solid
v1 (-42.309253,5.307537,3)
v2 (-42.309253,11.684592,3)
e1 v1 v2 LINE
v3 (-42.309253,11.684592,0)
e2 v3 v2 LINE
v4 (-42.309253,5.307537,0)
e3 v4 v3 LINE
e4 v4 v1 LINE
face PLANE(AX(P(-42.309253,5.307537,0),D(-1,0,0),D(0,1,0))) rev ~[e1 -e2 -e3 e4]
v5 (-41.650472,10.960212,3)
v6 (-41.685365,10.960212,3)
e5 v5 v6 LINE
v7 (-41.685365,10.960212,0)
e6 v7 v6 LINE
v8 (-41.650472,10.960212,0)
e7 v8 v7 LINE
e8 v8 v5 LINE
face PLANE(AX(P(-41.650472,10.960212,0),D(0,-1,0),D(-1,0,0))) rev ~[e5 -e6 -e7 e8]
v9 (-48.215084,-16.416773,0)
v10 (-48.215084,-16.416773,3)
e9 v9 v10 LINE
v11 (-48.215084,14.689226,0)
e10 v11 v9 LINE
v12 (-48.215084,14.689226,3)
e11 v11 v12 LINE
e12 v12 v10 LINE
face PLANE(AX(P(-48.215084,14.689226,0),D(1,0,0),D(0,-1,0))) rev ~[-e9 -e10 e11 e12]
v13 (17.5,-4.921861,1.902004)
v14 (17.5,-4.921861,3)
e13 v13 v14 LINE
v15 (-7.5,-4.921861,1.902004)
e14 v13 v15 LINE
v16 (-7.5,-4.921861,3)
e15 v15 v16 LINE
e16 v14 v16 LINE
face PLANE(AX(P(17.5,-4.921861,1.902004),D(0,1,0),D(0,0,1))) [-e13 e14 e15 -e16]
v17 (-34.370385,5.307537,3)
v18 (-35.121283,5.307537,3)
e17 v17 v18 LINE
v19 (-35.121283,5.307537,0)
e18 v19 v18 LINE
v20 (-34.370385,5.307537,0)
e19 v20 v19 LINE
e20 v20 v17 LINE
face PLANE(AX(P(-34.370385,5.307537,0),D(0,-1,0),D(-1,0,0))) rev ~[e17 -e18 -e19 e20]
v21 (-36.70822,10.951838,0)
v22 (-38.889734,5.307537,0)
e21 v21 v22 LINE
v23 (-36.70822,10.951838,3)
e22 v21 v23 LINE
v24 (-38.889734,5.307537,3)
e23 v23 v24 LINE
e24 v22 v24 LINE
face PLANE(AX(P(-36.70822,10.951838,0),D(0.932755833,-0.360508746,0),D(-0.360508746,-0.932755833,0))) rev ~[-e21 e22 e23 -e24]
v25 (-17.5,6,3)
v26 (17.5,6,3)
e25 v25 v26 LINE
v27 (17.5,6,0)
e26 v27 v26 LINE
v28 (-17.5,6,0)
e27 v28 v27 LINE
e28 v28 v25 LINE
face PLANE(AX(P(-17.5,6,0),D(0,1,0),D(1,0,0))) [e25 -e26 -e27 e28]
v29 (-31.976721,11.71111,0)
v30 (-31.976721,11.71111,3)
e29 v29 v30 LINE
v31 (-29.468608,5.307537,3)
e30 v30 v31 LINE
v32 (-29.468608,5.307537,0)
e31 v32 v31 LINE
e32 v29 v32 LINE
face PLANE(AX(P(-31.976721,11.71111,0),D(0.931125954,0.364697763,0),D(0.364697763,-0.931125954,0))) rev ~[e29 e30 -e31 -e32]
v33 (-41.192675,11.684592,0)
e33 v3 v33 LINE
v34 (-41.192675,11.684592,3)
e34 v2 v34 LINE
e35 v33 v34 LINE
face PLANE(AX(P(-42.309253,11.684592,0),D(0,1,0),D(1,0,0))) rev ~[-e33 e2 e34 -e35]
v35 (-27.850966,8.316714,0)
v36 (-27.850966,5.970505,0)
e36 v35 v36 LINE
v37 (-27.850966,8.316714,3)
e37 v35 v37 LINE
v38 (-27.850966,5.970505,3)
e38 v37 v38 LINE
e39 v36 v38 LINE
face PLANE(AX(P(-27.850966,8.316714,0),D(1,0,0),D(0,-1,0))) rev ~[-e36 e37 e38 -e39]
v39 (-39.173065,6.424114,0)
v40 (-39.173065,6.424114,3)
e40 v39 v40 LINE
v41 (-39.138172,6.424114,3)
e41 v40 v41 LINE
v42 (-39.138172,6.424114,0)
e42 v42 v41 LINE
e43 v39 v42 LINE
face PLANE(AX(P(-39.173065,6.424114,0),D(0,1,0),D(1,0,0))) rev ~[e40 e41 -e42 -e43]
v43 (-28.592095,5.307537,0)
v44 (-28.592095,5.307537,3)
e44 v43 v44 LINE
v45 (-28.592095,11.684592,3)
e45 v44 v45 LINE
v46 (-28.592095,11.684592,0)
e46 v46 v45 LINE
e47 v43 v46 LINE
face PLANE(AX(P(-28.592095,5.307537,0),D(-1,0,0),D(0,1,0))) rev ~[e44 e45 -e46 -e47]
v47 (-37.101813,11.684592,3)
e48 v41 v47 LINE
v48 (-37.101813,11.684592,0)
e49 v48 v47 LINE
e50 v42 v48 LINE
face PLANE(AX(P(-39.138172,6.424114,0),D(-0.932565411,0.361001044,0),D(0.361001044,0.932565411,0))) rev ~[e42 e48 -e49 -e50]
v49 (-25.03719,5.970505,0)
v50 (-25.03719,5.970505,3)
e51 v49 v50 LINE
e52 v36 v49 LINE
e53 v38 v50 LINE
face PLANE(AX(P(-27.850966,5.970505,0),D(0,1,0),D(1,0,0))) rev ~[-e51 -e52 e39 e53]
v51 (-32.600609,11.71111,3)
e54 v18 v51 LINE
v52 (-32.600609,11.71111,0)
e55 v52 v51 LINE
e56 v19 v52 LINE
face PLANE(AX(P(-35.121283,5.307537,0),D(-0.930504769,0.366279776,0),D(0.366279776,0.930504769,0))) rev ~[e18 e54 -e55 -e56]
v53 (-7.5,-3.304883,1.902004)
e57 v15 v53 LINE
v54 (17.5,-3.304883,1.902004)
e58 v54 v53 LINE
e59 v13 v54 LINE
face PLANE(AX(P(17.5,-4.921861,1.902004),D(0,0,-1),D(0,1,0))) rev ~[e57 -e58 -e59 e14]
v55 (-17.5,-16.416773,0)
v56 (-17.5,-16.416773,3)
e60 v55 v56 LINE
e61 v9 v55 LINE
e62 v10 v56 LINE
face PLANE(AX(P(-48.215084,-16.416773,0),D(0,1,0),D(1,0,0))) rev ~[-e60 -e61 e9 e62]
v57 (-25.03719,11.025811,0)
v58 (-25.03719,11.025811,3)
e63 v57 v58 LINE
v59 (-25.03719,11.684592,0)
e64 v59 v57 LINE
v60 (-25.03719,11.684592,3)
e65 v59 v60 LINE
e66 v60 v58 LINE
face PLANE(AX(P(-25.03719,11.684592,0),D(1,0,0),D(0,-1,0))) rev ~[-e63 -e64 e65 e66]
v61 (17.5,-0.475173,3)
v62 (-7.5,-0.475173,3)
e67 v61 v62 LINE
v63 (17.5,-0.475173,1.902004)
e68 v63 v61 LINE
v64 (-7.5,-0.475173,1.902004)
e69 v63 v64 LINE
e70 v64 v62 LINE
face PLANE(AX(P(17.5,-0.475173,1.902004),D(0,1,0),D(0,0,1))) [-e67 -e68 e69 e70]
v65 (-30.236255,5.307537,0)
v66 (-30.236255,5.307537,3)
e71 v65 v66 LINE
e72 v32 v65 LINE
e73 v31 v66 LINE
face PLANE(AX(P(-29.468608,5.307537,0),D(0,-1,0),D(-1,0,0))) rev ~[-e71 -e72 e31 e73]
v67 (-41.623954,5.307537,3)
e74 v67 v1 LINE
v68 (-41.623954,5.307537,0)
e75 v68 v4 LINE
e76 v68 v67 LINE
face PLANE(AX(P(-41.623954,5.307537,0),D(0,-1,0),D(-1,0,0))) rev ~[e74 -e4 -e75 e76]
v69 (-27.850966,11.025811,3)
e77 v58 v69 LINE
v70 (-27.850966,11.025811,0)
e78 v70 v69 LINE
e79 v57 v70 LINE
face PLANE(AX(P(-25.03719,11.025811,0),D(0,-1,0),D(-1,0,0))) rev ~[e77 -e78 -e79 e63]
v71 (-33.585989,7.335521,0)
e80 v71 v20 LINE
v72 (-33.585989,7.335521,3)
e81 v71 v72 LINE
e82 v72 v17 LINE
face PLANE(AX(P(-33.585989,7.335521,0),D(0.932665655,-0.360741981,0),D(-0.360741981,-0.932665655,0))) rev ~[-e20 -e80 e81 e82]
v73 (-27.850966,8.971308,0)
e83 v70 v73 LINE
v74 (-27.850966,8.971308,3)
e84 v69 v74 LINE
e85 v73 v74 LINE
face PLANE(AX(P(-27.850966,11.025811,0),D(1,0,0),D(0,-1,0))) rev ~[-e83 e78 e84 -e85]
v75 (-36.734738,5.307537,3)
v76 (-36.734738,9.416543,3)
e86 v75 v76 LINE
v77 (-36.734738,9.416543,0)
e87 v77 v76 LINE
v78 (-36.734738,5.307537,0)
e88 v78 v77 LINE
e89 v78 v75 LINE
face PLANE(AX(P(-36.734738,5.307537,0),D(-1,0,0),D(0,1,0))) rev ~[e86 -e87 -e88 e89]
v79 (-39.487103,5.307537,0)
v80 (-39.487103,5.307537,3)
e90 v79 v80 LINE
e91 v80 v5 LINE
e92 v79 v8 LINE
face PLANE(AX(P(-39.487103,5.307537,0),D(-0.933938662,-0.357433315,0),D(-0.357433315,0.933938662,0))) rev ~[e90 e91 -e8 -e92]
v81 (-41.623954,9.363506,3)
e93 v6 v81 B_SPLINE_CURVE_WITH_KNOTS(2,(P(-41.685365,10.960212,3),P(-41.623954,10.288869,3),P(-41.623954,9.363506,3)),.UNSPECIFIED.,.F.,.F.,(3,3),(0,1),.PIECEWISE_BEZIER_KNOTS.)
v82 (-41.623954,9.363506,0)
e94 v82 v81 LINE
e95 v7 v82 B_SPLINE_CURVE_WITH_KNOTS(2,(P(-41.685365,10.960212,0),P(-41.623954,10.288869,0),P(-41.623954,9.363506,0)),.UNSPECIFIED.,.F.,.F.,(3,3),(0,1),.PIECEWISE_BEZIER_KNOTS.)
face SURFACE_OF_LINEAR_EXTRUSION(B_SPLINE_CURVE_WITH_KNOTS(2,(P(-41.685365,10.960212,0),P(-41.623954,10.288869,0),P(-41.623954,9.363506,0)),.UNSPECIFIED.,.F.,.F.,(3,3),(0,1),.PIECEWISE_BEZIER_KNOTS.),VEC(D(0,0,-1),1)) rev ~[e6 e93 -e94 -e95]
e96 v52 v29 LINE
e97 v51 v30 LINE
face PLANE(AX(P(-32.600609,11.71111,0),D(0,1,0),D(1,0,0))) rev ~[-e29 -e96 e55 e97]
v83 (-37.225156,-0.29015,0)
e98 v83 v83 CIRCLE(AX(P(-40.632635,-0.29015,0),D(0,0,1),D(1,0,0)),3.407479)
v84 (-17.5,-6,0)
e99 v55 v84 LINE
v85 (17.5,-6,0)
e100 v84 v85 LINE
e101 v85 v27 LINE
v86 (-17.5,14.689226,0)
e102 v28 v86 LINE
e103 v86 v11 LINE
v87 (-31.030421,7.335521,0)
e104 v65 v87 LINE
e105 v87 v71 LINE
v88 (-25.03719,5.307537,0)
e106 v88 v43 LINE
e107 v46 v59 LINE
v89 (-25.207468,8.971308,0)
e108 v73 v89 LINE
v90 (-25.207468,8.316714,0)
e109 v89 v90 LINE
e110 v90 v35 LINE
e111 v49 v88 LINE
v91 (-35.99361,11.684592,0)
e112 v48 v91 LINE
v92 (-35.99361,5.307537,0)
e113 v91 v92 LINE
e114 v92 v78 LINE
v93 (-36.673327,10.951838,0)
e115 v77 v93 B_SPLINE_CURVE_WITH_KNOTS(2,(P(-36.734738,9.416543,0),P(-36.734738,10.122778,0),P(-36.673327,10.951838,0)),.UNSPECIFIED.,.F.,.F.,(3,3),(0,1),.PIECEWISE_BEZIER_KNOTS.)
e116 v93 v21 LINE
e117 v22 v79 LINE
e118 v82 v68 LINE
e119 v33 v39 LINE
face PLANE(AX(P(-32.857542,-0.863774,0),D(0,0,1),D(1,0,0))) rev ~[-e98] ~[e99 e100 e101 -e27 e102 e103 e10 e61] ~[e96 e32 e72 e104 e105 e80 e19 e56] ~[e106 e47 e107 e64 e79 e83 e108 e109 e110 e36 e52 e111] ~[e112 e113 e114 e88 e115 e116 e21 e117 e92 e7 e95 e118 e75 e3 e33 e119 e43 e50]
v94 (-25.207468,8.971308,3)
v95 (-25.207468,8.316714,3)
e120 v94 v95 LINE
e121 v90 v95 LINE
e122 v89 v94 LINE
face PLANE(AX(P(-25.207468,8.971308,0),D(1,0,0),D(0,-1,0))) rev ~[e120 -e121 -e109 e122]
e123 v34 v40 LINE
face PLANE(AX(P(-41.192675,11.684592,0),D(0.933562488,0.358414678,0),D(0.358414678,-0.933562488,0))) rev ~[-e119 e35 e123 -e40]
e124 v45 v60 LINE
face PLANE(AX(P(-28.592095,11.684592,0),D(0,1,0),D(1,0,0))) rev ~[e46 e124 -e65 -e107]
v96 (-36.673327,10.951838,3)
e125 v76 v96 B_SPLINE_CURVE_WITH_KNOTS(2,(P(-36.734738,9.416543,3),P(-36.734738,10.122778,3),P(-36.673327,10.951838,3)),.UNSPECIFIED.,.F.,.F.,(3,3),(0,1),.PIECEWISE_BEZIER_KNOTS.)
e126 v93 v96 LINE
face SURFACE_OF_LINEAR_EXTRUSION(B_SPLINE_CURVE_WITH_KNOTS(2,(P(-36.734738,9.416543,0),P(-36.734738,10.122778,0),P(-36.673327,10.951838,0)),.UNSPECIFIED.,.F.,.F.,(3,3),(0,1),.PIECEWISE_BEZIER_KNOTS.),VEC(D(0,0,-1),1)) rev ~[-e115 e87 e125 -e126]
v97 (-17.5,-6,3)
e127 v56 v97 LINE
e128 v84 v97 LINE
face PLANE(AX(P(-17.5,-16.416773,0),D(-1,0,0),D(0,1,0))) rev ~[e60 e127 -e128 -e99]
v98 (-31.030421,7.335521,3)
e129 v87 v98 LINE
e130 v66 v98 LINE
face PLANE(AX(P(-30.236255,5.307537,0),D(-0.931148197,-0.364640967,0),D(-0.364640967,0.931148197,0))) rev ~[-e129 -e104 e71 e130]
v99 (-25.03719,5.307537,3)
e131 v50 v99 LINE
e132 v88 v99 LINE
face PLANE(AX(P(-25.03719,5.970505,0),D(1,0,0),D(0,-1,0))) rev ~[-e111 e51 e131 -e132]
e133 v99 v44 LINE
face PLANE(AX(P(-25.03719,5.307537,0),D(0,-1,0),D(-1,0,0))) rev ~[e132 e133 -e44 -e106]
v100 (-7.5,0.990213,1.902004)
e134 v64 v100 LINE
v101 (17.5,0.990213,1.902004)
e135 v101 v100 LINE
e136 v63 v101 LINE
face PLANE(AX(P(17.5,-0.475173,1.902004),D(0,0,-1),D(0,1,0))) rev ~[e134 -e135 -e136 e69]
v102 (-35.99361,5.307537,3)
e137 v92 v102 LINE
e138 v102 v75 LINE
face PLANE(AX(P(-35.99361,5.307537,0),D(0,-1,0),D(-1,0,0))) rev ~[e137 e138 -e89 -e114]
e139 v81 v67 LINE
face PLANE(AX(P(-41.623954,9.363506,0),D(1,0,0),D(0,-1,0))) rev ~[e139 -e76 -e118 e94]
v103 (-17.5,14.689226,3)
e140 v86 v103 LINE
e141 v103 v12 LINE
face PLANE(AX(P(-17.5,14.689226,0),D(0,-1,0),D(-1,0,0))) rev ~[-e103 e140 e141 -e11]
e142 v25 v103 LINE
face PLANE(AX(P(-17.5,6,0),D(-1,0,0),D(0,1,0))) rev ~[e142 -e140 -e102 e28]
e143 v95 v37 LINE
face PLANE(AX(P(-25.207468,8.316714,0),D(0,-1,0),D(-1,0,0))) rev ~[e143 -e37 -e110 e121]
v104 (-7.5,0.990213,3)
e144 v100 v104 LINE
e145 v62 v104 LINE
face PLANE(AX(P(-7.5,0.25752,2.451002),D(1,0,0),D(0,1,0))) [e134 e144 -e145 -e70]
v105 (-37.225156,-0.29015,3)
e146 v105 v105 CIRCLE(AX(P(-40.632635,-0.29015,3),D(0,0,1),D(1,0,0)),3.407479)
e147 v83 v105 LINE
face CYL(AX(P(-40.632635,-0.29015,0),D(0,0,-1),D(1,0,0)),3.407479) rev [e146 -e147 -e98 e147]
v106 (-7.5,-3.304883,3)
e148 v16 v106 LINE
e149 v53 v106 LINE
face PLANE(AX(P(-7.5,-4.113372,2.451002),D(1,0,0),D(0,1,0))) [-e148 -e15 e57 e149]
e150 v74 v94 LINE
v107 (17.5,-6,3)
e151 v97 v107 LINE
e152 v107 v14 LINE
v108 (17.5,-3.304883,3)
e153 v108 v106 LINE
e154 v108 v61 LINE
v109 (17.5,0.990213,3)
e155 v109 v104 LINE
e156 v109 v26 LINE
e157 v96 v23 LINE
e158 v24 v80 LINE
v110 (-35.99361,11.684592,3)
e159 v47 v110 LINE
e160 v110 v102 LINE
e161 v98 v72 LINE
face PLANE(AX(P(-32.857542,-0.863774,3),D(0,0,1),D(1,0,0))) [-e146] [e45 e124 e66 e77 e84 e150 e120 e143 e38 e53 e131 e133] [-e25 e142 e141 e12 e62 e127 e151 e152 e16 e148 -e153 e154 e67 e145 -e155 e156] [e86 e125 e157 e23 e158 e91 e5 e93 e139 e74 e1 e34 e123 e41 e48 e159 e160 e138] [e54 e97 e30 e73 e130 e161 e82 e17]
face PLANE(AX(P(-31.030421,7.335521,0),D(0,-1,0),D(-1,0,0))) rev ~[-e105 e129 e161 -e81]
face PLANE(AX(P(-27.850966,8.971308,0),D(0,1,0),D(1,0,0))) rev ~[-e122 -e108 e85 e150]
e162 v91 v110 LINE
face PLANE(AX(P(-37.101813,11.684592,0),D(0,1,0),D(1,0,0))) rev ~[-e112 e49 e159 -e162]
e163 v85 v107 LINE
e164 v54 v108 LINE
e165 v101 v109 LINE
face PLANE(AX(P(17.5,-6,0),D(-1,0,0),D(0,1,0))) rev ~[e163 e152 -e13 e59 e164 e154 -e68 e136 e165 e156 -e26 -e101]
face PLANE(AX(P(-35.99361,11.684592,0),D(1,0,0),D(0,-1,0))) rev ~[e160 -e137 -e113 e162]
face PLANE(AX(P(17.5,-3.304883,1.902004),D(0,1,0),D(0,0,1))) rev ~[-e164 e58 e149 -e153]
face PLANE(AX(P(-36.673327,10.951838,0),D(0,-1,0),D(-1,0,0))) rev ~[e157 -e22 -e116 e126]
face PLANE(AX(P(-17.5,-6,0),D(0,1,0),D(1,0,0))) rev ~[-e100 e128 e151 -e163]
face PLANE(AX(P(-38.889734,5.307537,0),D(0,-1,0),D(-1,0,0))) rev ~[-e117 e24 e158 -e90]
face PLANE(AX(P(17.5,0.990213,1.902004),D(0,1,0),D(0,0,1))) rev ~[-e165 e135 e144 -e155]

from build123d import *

# Parameters (mm, degrees)
F0_R     = 3.4074788524
F0_W     = 35
F0_H     = 12
F1_DEPTH = 3
F2_W     = 1.616977388
F2_H     = 1.0979964603
F2_W_2   = 1.4653857797
F3_DEPTH = 25


with BuildPart() as f1:
    # F0 (on Top) → F1 (new body)
    with BuildSketch(Plane.XY):
        Polygon((-17.5, -6), (-17.5, 6), (-17.5, 14.6892257035), (-48.2150837779, 14.6892257035), (-48.2150837779, -16.4167732), (-17.5, -16.4167732), align=None)
        with Locations((-40.6326351605, -0.2901499333)):
            Circle(F0_R, mode=Mode.SUBTRACT)
        with BuildLine():
            Line((-38.8897335724, 5.3075365722), (-39.4871027133, 5.3075365722))
            Line((-39.4871027133, 5.3075365722), (-41.6504722654, 10.9602118537))
            Line((-41.6504722654, 10.9602118537), (-41.6853653227, 10.9602118537))
            add(Edge.make_bspline(
                [(-41.6853653227, 10.9602118537), (-41.6239535419, 10.2888694314), (-41.6239535419, 9.3635055519)],
                knots=[0, 0, 0, 1, 1, 1], degree=2))
            Line((-41.6239535419, 9.3635055519), (-41.6239535419, 5.3075365722))
            Line((-41.6239535419, 5.3075365722), (-42.3092531871, 5.3075365722))
            Line((-42.3092531871, 5.3075365722), (-42.3092531871, 11.6845917231))
            Line((-42.3092531871, 11.6845917231), (-41.1926753538, 11.6845917231))
            Line((-41.1926753538, 11.6845917231), (-39.1730651977, 6.4241144056))
            Line((-39.1730651977, 6.4241144056), (-39.1381721404, 6.4241144056))
            Line((-39.1381721404, 6.4241144056), (-37.1018133167, 11.6845917231))
            Line((-37.1018133167, 11.6845917231), (-35.9936098171, 11.6845917231))
            Line((-35.9936098171, 11.6845917231), (-35.9936098171, 5.3075365722))
            Line((-35.9936098171, 5.3075365722), (-36.734738354, 5.3075365722))
            Line((-36.734738354, 5.3075365722), (-36.734738354, 9.416542999))
            add(Edge.make_bspline(
                [(-36.734738354, 9.416542999), (-36.734738354, 10.1227784786), (-36.6733265732, 10.9518375199)],
                knots=[0, 0, 0, 1, 1, 1], degree=2))
            Line((-36.6733265732, 10.9518375199), (-36.7082196305, 10.9518375199))
            Line((-36.7082196305, 10.9518375199), (-38.8897335724, 5.3075365722))
        make_face(mode=Mode.SUBTRACT)
        Polygon((-29.4686081033, 5.3075365722), (-30.2362553638, 5.3075365722), (-31.0304213478, 7.3355210621), (-33.5859888639, 7.3355210621), (-34.3703847919, 5.3075365722), (-35.1212833848, 5.3075365722), (-32.600608926, 11.7111104466), (-31.9767210616, 11.7111104466), align=None, mode=Mode.SUBTRACT)
        Polygon((-25.0371898271, 5.9705046608), (-25.0371898271, 5.3075365722), (-28.5920945041, 5.3075365722), (-28.5920945041, 11.6845917231), (-25.0371898271, 11.6845917231), (-25.0371898271, 11.0258108014), (-27.8509659672, 11.0258108014), (-27.8509659672, 8.971307588), (-25.2074679467, 8.971307588), (-25.2074679467, 8.3167138332), (-27.8509659672, 8.3167138332), (-27.8509659672, 5.9705046608), align=None, mode=Mode.SUBTRACT)
        Rectangle(F0_W, F0_H)
    extrude(amount=F1_DEPTH)

    # F2 (on face) → F3 (cut)
    with BuildSketch(Plane.YZ.offset(17.5)):
        with Locations((-4.1133718332, 2.4510017699)):
            Rectangle(F2_W, F2_H)
        with Locations((0.2575201215, 2.4510017699)):
            Rectangle(F2_W_2, F2_H)
    extrude(amount=-F3_DEPTH, mode=Mode.SUBTRACT)


solid = f1.part
